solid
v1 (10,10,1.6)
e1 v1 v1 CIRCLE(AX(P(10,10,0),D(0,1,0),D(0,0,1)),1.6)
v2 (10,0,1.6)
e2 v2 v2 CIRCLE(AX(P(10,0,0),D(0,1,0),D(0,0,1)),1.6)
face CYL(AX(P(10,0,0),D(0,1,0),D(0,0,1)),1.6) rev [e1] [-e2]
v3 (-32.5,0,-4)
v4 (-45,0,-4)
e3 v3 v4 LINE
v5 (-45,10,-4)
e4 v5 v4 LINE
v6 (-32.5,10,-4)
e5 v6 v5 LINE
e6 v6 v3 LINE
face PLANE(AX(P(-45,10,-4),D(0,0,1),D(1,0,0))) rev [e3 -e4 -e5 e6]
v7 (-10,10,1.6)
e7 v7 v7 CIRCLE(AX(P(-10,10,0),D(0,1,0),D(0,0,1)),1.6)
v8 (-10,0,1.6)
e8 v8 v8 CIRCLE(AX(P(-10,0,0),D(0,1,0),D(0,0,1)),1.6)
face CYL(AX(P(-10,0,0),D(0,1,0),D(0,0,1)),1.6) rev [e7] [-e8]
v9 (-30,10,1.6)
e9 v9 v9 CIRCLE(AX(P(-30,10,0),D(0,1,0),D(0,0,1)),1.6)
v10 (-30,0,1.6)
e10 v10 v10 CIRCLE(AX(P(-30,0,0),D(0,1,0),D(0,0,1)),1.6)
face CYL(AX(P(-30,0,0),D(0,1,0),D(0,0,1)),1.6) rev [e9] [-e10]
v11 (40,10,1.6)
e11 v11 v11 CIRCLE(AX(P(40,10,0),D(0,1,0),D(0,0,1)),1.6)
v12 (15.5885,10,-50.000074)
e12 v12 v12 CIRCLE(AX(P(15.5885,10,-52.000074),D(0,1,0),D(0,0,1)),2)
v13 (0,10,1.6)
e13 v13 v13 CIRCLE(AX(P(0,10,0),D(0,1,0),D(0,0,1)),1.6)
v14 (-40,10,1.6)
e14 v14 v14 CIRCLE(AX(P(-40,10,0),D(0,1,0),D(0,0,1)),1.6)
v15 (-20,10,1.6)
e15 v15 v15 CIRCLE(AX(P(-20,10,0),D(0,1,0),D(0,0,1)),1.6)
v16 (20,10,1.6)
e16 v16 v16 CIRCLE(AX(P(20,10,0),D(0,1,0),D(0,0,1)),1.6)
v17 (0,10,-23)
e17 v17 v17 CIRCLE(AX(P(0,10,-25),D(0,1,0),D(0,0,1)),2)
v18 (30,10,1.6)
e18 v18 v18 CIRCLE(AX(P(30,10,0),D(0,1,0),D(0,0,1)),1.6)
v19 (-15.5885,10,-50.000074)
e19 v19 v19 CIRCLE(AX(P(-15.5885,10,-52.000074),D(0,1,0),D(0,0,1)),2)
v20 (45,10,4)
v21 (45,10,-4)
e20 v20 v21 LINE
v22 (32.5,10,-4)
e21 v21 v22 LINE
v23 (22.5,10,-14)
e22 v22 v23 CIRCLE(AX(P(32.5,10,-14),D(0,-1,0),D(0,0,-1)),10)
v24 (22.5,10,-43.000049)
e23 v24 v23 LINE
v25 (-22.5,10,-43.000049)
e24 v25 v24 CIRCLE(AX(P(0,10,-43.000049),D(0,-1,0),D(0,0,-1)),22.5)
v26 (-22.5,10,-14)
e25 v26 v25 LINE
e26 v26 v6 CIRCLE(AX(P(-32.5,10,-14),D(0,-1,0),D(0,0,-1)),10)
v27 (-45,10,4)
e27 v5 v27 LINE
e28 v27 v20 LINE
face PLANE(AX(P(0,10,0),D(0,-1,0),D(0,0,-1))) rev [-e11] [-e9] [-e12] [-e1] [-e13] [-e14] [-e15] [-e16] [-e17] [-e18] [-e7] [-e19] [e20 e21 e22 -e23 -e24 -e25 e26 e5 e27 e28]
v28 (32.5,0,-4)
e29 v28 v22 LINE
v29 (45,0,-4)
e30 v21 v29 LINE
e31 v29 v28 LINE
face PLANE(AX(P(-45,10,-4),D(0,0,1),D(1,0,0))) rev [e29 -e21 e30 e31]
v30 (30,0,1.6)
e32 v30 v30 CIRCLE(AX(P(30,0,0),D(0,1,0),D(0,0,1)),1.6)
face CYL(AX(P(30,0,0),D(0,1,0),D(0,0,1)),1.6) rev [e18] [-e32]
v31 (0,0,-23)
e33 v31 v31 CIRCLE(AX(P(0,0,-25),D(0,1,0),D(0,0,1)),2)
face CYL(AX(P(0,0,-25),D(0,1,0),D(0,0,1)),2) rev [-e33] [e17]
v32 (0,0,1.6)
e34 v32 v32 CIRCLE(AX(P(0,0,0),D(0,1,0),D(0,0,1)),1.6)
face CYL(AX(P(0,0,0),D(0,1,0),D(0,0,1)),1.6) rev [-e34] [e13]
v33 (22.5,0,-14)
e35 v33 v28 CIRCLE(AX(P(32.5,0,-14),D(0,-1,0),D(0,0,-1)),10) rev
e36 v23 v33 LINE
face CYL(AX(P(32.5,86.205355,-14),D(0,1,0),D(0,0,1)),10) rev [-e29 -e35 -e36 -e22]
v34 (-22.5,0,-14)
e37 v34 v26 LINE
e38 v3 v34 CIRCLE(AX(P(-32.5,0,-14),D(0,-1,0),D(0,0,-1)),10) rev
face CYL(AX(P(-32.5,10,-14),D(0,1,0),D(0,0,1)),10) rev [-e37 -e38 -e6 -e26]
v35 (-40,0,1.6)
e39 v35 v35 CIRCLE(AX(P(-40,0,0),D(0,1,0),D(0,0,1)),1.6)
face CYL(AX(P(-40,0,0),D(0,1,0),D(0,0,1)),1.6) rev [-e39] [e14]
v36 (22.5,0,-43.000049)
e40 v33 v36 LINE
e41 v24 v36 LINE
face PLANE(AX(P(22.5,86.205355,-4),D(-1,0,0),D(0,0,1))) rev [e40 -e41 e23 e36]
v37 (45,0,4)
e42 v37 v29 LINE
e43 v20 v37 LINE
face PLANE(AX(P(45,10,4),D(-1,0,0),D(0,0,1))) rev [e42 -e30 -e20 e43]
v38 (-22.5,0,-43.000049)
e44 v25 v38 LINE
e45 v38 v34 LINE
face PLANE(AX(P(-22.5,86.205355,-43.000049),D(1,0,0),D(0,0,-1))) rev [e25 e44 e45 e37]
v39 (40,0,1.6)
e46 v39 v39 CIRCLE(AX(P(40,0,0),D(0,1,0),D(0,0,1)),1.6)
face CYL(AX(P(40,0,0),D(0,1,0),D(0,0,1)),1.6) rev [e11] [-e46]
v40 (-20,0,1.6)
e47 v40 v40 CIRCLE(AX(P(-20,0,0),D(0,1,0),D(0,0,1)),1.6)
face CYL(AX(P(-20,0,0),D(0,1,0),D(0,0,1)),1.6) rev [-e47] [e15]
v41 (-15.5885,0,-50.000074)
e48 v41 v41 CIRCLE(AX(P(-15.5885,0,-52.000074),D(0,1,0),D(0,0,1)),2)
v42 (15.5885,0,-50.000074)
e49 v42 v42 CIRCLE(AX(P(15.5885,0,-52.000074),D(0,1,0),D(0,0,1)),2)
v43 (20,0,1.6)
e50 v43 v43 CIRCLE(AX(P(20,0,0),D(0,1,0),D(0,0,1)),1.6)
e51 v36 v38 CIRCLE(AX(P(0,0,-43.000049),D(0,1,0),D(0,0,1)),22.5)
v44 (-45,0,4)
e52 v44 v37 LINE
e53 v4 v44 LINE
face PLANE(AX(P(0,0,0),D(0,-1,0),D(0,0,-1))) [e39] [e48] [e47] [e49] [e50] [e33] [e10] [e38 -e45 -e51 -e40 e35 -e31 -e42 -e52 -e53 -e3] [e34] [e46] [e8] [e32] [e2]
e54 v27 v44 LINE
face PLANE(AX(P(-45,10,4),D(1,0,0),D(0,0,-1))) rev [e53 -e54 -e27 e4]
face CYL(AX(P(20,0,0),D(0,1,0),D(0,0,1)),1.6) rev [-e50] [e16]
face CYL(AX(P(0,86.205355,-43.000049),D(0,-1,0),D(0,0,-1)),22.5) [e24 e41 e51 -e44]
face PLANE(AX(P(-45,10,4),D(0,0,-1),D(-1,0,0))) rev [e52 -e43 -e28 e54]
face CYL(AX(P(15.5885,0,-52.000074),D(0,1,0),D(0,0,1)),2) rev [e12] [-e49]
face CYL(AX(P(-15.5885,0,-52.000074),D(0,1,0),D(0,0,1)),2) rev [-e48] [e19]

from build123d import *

# Parameters (mm, degrees)
SKETCH1_W           = 90
SKETCH1_H           = 8
BOSS_EXTRUDE1_DEPTH = 10
BOSS_EXTRUDE2_DEPTH = 10
SKETCH4_R           = 2
CUT_EXTRUDE1_DEPTH  = 11
FILLET1_R           = 10
SKETCH5_R           = 1.6
CUT_EXTRUDE2_DEPTH  = 11
LPATTERN1_COUNT     = 10
LPATTERN1_PITCH     = 10


with BuildPart() as part:
    # Sketch1 → Boss-Extrude1 (new body)
    with BuildSketch(Plane(origin=(0, 0, 0), x_dir=(1, 0, 0), z_dir=(0, 1, 0))):
        Rectangle(SKETCH1_W, SKETCH1_H)
    extrude(amount=BOSS_EXTRUDE1_DEPTH)

    # Sketch3 → Boss-Extrude2 (add)
    with BuildSketch(Plane(origin=(0, 0, 0), x_dir=(1, 0, 0), z_dir=(0, 1, 0))):
        with BuildLine():
            Line((-22.5, 43.000049343), (-22.5, 4))
            Line((-22.5, 4), (22.5, 4))
            Line((22.5, 4), (22.5, 43.000049343))
            ThreePointArc((22.5, 43.000049343), (0, 65.500049343), (-22.5, 43.000049343))
        make_face()
    extrude(amount=BOSS_EXTRUDE2_DEPTH)

    # Sketch4 → Cut-Extrude1 (cut, through all)
    with BuildSketch(Plane(origin=(0, 10, 0), x_dir=(1, 0, 0), z_dir=(0, 1, 0))):
        with Locations((-15.5885, 52.000074014)):
            Circle(SKETCH4_R)
        with Locations((15.5885, 52.000074014)):
            Circle(SKETCH4_R)
        with Locations((0, 25)):
            Circle(SKETCH4_R)
    extrude(amount=-CUT_EXTRUDE1_DEPTH, mode=Mode.SUBTRACT)

    # Fillet1
    fillet1_edges = [part.edges().sort_by_distance(p)[0] for p in [
        (22.5, 5, -4),
        (-22.5, 5, -4),
    ]]
    fillet(fillet1_edges, radius=FILLET1_R)

    # Sketch5 → Cut-Extrude2 (cut, through all)
    with BuildSketch(Plane(origin=(0, 10, 0), x_dir=(1, 0, 0), z_dir=(0, 1, 0))):
        with Locations((-40, 0)):
            Circle(SKETCH5_R)
    cut_extrude2 = extrude(amount=-CUT_EXTRUDE2_DEPTH, mode=Mode.SUBTRACT)

    # LPattern1: Cut-Extrude2 ×10
    with Locations(*[(i * LPATTERN1_PITCH, 0, 0) for i in range(1, LPATTERN1_COUNT)]):
        add(cut_extrude2, mode=Mode.SUBTRACT)


solid = part.part
